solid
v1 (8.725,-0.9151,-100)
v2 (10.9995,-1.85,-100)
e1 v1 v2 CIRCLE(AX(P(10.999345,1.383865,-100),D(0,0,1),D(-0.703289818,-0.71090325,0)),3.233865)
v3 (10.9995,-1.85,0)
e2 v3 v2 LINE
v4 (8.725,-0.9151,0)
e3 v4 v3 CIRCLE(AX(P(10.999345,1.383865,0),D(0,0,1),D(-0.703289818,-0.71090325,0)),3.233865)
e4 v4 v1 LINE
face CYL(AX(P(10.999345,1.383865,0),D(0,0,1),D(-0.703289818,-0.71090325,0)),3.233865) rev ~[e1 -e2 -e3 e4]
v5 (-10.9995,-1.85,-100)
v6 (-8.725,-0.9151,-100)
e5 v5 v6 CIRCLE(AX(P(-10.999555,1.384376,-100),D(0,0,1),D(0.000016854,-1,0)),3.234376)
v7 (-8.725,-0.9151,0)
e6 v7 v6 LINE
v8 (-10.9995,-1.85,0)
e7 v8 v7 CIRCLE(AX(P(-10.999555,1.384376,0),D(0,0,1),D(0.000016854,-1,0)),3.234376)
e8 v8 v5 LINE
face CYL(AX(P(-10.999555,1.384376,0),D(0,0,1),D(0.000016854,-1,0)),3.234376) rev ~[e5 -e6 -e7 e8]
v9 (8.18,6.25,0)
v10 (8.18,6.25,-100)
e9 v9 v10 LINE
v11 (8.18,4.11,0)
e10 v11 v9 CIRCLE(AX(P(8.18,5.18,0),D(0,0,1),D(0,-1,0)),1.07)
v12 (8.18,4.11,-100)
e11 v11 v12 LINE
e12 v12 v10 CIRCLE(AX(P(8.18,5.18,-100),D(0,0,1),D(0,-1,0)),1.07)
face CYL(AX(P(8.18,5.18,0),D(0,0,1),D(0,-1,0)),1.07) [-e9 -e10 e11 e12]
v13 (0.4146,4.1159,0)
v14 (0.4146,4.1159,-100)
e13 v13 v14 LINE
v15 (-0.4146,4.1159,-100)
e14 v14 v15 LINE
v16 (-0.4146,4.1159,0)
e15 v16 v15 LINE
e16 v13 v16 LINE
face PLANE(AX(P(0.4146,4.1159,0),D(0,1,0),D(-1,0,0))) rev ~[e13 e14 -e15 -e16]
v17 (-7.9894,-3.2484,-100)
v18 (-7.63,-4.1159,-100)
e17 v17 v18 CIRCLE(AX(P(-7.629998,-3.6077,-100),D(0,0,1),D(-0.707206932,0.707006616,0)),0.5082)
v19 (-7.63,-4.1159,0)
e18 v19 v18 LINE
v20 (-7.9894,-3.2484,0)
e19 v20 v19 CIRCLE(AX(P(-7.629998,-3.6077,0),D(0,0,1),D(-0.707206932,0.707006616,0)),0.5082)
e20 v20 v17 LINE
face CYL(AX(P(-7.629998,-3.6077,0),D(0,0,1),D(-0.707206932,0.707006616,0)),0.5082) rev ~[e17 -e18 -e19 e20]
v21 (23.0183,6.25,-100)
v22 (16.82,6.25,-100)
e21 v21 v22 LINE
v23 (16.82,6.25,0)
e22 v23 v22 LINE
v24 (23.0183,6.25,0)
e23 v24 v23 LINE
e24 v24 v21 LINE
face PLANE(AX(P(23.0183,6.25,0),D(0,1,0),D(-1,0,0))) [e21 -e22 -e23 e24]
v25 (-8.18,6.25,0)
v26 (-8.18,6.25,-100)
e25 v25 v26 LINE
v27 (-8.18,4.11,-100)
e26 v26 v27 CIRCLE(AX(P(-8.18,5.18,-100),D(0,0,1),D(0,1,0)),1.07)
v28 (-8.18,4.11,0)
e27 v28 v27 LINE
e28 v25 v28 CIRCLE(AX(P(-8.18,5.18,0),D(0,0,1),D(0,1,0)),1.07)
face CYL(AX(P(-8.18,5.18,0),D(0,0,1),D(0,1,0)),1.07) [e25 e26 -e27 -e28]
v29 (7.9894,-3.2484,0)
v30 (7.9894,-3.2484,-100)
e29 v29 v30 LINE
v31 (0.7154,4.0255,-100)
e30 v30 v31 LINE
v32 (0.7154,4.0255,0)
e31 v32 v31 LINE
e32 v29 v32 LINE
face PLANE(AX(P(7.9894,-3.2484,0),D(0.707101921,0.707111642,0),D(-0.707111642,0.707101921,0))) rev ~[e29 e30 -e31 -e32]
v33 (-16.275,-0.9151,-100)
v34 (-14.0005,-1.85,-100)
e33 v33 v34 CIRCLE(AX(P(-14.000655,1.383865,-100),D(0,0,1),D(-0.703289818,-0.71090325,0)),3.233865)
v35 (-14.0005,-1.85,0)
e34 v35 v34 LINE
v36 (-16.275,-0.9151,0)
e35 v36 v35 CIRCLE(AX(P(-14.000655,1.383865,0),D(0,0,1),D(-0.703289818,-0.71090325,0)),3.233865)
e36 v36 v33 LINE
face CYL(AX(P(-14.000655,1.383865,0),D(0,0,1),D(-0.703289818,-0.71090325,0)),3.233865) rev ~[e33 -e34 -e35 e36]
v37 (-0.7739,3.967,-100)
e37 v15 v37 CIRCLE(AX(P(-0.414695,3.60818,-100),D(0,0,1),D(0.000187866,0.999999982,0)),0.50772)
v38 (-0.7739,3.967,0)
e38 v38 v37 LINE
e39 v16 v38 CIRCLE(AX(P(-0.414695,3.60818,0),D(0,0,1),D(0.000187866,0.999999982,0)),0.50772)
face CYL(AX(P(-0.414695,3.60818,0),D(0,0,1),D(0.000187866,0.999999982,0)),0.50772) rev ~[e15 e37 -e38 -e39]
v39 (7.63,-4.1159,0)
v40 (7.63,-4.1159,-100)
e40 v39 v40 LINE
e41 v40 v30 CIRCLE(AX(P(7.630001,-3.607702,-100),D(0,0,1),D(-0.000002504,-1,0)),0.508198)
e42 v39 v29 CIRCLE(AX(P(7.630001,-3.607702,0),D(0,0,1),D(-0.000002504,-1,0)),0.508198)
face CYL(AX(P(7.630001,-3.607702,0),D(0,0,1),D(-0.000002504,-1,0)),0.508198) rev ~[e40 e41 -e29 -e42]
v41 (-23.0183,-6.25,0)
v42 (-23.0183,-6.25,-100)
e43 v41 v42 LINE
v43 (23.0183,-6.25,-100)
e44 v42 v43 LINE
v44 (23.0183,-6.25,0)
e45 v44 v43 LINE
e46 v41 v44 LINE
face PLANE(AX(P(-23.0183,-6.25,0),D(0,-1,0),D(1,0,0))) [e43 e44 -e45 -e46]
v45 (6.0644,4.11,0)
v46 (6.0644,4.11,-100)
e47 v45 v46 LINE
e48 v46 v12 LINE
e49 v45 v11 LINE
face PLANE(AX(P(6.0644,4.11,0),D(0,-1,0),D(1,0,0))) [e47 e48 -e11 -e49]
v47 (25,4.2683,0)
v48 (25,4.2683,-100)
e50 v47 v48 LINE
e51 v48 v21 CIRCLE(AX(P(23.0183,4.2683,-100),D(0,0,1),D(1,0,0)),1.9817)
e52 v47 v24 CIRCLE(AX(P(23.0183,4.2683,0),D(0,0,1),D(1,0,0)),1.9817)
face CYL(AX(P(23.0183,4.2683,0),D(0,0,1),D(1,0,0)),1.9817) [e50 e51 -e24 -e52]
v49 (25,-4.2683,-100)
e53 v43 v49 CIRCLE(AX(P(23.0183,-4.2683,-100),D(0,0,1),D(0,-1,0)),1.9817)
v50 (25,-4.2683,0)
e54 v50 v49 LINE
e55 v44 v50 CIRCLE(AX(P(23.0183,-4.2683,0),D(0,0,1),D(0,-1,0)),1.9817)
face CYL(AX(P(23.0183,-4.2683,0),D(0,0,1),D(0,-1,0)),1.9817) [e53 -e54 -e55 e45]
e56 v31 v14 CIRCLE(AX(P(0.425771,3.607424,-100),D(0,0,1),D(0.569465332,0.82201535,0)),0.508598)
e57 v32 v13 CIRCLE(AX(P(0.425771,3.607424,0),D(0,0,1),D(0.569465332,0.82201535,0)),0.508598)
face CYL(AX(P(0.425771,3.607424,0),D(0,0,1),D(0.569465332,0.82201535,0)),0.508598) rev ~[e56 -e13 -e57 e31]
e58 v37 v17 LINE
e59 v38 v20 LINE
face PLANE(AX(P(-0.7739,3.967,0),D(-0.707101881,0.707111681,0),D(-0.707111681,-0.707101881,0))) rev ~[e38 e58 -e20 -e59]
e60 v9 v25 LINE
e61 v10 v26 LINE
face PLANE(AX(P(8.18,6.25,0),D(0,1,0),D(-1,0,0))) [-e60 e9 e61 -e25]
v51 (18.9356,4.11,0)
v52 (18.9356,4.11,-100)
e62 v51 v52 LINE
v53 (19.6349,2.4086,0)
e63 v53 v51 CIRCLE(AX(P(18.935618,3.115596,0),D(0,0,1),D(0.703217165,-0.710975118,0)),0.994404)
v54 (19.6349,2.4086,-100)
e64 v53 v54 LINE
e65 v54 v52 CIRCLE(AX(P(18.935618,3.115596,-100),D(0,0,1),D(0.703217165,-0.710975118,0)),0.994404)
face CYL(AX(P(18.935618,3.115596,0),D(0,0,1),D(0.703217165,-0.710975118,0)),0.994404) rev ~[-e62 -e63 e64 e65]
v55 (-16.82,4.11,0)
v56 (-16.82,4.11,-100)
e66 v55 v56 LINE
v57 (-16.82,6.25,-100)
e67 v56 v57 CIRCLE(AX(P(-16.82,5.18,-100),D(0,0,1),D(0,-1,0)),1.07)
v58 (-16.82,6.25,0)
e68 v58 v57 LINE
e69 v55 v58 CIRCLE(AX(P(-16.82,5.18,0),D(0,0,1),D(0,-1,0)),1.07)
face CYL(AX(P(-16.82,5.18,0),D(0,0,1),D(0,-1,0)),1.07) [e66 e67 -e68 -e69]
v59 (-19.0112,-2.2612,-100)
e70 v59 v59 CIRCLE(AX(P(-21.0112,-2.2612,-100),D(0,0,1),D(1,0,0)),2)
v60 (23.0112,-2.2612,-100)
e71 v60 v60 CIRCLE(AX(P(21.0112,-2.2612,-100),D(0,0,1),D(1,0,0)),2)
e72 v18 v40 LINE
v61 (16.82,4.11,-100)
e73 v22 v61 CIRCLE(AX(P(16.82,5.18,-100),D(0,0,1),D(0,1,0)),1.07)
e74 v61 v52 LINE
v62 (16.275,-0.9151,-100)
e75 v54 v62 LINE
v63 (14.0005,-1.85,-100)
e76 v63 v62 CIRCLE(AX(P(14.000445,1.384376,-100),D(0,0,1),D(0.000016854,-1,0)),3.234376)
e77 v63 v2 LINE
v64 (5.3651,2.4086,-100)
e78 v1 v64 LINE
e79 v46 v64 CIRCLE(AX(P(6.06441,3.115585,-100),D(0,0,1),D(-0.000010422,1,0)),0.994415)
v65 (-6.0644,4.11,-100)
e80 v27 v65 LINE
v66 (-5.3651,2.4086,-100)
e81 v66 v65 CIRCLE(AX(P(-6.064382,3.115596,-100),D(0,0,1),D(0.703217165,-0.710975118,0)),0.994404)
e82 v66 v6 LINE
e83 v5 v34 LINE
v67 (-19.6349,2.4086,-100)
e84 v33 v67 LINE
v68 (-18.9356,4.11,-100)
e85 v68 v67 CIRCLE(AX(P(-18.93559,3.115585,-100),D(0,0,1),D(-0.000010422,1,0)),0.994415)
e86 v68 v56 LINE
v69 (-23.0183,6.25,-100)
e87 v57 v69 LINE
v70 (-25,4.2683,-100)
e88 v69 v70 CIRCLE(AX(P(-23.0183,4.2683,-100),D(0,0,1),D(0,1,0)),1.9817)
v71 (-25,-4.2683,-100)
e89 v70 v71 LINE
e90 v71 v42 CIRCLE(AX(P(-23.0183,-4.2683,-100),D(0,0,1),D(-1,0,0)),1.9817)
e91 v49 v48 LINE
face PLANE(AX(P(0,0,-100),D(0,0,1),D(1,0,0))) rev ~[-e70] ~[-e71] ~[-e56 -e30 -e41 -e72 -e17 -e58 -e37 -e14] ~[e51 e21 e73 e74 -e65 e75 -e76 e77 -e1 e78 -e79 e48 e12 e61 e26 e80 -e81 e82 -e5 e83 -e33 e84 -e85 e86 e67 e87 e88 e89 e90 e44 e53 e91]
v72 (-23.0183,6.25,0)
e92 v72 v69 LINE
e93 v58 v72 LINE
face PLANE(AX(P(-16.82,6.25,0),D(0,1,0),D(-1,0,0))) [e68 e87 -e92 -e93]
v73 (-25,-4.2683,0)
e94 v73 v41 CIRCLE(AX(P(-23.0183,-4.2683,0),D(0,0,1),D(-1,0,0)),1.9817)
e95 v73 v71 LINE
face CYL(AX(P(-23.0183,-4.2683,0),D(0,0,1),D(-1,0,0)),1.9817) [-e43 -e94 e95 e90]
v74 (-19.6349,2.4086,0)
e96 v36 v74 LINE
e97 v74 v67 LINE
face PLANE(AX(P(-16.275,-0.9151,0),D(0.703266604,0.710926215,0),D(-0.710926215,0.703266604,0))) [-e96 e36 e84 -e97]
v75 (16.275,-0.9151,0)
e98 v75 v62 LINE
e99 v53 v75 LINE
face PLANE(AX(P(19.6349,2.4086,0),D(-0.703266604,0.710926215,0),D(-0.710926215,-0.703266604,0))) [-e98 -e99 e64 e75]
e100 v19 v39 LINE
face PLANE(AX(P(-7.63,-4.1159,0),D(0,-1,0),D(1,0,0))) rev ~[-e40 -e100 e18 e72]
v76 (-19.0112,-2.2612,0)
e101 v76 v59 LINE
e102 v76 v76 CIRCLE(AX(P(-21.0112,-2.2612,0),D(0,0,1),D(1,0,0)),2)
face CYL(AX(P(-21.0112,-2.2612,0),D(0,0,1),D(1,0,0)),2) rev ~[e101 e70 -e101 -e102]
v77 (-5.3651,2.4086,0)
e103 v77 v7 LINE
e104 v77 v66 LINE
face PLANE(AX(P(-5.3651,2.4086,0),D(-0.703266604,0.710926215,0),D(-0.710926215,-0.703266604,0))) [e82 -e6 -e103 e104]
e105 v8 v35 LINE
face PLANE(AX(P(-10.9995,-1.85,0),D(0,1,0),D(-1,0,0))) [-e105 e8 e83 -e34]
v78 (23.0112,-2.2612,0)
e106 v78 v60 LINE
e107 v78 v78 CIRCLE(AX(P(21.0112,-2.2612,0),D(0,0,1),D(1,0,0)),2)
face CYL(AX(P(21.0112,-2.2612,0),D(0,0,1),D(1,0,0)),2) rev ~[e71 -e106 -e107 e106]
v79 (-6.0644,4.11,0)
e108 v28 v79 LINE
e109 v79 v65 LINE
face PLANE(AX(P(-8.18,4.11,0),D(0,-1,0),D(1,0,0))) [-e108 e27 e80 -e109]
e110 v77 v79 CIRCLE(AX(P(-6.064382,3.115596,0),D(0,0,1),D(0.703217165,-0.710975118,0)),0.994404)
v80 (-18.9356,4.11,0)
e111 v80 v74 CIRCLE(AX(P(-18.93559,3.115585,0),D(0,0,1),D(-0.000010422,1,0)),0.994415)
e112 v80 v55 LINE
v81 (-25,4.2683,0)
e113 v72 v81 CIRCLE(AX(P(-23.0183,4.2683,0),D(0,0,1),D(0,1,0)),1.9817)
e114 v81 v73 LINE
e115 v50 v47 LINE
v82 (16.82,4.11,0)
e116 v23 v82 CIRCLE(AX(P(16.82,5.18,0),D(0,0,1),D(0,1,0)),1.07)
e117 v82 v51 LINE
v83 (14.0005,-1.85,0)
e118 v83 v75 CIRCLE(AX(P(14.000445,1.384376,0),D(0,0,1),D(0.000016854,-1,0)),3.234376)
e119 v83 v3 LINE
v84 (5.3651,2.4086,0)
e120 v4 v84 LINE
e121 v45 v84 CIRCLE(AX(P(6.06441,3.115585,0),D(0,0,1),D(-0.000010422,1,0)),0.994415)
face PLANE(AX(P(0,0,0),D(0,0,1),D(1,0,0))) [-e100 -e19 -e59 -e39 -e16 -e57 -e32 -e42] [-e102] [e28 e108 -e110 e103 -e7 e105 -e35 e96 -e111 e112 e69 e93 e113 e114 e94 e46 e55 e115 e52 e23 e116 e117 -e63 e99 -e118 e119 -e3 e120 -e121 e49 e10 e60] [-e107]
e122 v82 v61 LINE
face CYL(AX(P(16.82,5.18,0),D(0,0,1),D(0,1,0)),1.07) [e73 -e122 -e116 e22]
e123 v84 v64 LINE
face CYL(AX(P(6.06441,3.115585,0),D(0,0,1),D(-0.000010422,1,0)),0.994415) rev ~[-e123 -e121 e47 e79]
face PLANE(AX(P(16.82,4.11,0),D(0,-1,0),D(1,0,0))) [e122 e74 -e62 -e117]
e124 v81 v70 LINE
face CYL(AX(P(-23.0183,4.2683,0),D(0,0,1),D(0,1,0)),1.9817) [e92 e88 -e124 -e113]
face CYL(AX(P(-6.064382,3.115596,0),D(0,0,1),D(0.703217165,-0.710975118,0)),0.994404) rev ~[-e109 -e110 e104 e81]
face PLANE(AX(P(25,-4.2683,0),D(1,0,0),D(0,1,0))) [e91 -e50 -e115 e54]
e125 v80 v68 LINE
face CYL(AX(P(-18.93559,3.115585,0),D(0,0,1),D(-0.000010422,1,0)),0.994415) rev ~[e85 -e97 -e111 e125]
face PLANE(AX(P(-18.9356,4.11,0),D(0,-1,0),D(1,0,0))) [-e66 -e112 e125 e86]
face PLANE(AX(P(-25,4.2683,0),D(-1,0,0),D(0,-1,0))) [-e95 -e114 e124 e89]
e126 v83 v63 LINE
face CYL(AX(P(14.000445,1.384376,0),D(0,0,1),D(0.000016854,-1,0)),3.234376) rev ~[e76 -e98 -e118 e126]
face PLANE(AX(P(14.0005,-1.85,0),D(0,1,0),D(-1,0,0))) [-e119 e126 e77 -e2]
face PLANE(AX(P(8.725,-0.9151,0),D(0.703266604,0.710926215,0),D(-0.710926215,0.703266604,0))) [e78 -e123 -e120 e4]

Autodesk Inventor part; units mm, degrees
ref_plane "YZ Plane" through (0, 0, 0) normal (1, 0, 0) x (0, 1, 0)
ref_plane "XZ Plane" through (0, 0, 0) normal (0, 1, 0) x (-1, 0, 0)
ref_plane "XY Plane" through (0, 0, 0) normal (0, 0, 1) x (1, 0, 0)
sketch "Sketch1" plane through (0, 0, 0) normal (0, 0, 1) x (1, 0, 0)
  arc A0 (-0.4146, 4.1159) -> (-0.7739, 3.967) centre (-0.4146, 3.6077) ccw
  line L0 (0.4146, 4.1159) -> (-0.4146, 4.1159)
  arc A1 (0.7154, 4.0255) -> (0.4146, 4.1159) centre (0.426, 3.6079) ccw
  line L1 (7.9894, -3.2484) -> (0.7154, 4.0255)
  arc A2 (7.63, -4.1159) -> (7.9894, -3.2484) centre (7.63, -3.6077) ccw
  line L2 (-7.63, -4.1159) -> (7.63, -4.1159)
  arc A3 (-7.9894, -3.2484) -> (-7.63, -4.1159) centre (-7.63, -3.6077) ccw
  line L3 (-0.7739, 3.967) -> (-7.9894, -3.2484)
  circle A4 centre (-21.0112, -2.2612) radius 2
  circle A5 centre (21.0112, -2.2612) radius 2
  arc A6 (-23.0183, 6.25) -> (-25, 4.2683) centre (-23.0183, 4.2683) ccw
  line L4 (-25, 4.2683) -> (-25, -4.2683)
  arc A7 (-25, -4.2683) -> (-23.0183, -6.25) centre (-23.0183, -4.2683) ccw
  line L5 (-23.0183, -6.25) -> (23.0183, -6.25)
  arc A8 (23.0183, -6.25) -> (25, -4.2683) centre (23.0183, -4.2683) ccw
  line L6 (25, -4.2683) -> (25, 4.2683)
  arc A9 (25, 4.2683) -> (23.0183, 6.25) centre (23.0183, 4.2683) ccw
  line L7 (23.0183, 6.25) -> (16.82, 6.25)
  arc A10 (16.82, 6.25) -> (16.82, 4.11) centre (16.82, 5.18) ccw
  line L8 (16.82, 4.11) -> (18.9356, 4.11)
  arc A11 (19.6349, 2.4086) -> (18.9356, 4.11) centre (18.9356, 3.1156) ccw
  line L9 (19.6349, 2.4086) -> (16.275, -0.9151)
  arc A12 (14.0005, -1.85) -> (16.275, -0.9151) centre (14.0005, 1.3841) ccw
  line L10 (14.0005, -1.85) -> (10.9995, -1.85)
  arc A13 (8.725, -0.9151) -> (10.9995, -1.85) centre (10.9995, 1.3841) ccw
  line L11 (8.725, -0.9151) -> (5.3651, 2.4086)
  arc A14 (6.0644, 4.11) -> (5.3651, 2.4086) centre (6.0644, 3.1156) ccw
  line L12 (6.0644, 4.11) -> (8.18, 4.11)
  arc A15 (8.18, 4.11) -> (8.18, 6.25) centre (8.18, 5.18) ccw
  line L13 (8.18, 6.25) -> (-8.18, 6.25)
  arc A16 (-8.18, 6.25) -> (-8.18, 4.11) centre (-8.18, 5.18) ccw
  line L14 (-8.18, 4.11) -> (-6.0644, 4.11)
  arc A17 (-5.3651, 2.4086) -> (-6.0644, 4.11) centre (-6.0644, 3.1156) ccw
  line L15 (-5.3651, 2.4086) -> (-8.725, -0.9151)
  arc A18 (-10.9995, -1.85) -> (-8.725, -0.9151) centre (-10.9995, 1.3841) ccw
  line L16 (-10.9995, -1.85) -> (-14.0005, -1.85)
  arc A19 (-16.275, -0.9151) -> (-14.0005, -1.85) centre (-14.0005, 1.3841) ccw
  line L17 (-16.275, -0.9151) -> (-19.6349, 2.4086)
  arc A20 (-18.9356, 4.11) -> (-19.6349, 2.4086) centre (-18.9356, 3.1156) ccw
  line L18 (-18.9356, 4.11) -> (-16.82, 4.11)
  arc A21 (-16.82, 4.11) -> (-16.82, 6.25) centre (-16.82, 5.18) ccw
  line L19 (-16.82, 6.25) -> (-23.0183, 6.25)
  point P0 (0, 0)
extrude "Extrusion1" add sketch "Sketch1" against normal blind 100
properties part number "25-5013"
